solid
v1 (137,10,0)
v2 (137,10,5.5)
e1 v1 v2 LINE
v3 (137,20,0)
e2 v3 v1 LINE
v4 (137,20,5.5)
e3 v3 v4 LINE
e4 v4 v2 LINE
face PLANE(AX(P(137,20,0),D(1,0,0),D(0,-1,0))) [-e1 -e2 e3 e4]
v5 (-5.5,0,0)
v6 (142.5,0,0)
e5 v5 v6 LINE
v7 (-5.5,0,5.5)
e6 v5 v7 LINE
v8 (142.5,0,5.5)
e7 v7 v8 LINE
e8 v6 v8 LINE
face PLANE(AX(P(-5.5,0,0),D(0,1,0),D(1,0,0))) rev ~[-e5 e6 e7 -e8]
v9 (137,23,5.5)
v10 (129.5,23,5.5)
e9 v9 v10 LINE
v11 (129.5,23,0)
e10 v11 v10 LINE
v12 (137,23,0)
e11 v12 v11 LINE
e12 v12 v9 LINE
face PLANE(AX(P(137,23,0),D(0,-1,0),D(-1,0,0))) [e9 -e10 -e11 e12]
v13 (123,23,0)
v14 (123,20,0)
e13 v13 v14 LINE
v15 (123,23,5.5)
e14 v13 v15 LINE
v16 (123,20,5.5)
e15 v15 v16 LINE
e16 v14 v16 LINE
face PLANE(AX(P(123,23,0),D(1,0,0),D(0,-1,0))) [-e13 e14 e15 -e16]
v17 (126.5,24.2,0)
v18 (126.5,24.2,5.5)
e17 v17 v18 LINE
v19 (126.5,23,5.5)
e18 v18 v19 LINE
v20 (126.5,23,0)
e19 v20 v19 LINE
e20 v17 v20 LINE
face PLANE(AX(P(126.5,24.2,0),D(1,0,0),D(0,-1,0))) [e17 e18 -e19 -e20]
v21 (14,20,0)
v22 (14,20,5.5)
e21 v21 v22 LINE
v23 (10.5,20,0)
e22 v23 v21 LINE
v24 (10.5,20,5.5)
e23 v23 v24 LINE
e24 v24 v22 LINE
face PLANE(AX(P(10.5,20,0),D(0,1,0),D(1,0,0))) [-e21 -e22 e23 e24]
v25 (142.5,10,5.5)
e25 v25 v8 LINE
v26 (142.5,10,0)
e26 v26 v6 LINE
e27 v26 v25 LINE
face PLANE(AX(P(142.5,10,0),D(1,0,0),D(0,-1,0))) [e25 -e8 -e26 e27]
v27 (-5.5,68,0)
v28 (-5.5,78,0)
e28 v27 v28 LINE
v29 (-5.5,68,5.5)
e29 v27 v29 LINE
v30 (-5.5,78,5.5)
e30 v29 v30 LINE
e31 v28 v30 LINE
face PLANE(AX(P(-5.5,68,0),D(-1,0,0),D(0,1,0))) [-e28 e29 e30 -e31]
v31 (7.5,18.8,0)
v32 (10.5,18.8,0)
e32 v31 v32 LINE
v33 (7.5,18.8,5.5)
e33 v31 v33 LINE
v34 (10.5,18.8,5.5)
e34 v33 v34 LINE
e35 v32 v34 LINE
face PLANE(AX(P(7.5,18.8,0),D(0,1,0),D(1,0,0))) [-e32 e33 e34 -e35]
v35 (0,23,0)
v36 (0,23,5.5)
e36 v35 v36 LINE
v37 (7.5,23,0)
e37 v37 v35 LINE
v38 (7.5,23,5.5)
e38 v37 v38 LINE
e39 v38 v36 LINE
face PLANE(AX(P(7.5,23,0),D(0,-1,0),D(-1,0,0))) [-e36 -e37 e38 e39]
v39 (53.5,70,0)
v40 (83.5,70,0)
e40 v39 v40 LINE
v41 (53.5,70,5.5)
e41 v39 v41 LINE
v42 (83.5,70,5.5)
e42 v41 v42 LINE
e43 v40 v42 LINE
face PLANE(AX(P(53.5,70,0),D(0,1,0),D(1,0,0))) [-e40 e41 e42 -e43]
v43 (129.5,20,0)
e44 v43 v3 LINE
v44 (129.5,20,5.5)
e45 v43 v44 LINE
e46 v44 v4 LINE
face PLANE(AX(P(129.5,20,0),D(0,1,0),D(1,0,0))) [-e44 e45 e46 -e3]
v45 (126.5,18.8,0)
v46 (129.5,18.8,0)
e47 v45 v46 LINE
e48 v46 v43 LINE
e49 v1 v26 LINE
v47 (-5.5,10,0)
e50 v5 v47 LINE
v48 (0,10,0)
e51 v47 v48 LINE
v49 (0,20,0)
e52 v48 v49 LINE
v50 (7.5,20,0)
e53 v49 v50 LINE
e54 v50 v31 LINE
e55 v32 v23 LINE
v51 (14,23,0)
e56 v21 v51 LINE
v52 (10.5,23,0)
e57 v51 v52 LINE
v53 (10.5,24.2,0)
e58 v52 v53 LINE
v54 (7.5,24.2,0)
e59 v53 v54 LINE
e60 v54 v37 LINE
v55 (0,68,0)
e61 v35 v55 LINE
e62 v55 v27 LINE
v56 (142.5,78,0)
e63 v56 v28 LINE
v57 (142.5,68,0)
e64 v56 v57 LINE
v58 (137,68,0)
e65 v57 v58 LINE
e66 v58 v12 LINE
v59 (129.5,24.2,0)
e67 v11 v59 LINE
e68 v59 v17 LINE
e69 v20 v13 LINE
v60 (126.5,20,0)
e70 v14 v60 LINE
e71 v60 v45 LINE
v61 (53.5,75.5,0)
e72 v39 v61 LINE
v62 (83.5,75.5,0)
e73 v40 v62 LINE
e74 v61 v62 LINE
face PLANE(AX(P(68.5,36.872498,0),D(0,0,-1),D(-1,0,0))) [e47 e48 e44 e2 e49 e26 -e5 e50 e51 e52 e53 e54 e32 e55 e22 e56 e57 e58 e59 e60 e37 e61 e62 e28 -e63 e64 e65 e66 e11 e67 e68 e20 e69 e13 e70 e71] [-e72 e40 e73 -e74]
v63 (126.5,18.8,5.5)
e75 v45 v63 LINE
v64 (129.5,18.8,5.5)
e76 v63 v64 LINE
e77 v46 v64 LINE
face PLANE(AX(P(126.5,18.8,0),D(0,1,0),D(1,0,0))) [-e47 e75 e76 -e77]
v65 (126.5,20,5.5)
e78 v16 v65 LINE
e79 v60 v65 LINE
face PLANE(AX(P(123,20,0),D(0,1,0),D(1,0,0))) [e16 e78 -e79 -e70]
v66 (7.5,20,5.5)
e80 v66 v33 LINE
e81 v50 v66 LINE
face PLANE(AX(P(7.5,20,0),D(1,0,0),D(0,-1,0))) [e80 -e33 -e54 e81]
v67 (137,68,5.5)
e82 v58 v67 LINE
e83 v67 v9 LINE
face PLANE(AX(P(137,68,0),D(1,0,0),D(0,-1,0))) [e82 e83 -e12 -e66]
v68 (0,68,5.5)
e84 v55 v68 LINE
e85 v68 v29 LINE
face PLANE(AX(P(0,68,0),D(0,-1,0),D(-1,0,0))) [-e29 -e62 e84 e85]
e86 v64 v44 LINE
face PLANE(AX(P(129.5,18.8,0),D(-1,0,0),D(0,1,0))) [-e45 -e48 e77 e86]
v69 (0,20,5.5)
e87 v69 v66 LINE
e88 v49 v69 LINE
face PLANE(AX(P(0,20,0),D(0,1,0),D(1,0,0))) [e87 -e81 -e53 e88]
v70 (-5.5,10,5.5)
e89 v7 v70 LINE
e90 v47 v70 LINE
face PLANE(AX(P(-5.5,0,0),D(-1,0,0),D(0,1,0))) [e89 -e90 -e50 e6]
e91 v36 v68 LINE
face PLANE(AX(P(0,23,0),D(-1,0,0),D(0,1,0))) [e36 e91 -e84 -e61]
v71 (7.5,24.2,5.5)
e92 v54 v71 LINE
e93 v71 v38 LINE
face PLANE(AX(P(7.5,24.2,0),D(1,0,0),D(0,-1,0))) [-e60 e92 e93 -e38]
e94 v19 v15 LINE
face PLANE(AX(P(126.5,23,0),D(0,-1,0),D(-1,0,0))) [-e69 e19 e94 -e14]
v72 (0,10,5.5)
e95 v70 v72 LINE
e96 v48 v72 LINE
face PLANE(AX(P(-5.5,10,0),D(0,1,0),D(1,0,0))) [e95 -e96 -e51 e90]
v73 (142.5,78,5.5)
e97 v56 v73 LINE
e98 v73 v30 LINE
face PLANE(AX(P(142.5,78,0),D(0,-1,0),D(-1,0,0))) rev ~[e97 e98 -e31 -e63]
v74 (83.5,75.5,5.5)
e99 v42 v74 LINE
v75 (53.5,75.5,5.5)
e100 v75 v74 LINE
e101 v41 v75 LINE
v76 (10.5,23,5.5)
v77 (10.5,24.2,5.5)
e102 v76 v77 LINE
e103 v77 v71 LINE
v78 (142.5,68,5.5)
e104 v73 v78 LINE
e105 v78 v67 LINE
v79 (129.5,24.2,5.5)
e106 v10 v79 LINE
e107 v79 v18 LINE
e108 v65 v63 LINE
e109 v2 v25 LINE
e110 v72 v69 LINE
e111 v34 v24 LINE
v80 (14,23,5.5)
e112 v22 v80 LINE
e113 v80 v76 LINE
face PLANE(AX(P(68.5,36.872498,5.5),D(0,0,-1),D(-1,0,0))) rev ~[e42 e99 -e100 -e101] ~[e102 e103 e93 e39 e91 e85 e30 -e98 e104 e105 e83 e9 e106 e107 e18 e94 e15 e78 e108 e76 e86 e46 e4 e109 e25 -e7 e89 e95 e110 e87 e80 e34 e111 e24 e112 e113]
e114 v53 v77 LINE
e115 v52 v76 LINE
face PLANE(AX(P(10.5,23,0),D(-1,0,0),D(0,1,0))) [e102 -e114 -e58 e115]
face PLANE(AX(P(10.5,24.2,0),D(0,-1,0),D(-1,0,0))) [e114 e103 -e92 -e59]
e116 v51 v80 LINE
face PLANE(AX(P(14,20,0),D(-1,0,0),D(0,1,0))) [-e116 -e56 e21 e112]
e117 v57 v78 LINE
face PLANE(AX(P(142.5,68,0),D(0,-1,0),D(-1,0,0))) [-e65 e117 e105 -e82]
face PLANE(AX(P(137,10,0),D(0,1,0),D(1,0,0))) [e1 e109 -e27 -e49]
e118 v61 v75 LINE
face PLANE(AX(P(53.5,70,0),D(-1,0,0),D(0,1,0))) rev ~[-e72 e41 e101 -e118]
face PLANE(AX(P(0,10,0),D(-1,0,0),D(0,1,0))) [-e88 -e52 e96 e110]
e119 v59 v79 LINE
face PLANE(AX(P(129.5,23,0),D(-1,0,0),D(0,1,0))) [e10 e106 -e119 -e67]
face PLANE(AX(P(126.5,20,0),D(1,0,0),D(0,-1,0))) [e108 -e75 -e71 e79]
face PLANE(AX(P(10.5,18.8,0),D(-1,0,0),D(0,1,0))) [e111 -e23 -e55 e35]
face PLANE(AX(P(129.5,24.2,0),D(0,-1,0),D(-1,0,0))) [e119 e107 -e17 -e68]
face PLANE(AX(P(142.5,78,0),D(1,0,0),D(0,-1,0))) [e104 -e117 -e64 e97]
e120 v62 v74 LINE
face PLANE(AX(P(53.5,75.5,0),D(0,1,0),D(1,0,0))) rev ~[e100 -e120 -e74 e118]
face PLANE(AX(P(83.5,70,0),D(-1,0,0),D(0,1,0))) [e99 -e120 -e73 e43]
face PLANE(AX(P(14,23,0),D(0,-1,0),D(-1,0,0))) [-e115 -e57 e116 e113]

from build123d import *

# Parameters (mm, degrees)
SKETCH1_W           = 30
SKETCH1_H           = 5.5
BOSS_EXTRUDE1_DEPTH = 5.5


with BuildPart() as part:
    # Sketch1 → Boss-Extrude1 (new body)
    with BuildSketch(Plane.XY):
        Polygon((0, 23), (0, 68), (-5.5, 68), (-5.5, 78), (0, 78), (137, 78), (142.5, 78), (142.5, 68), (137, 68), (137, 23), (129.5, 23), (129.5, 24.2), (126.5, 24.2), (126.5, 23), (123, 23), (123, 20), (126.5, 20), (126.5, 18.8), (129.5, 18.8), (129.5, 20), (137, 20), (137, 10), (142.5, 10), (142.5, 0), (137, 0), (0, 0), (-5.5, 0), (-5.5, 10), (0, 10), (0, 20), (7.5, 20), (7.5, 18.8), (10.5, 18.8), (10.5, 20), (14, 20), (14, 23), (10.5, 23), (10.5, 24.2), (7.5, 24.2), (7.5, 23), align=None)
        with Locations((68.5, 72.75)):
            Rectangle(SKETCH1_W, SKETCH1_H, mode=Mode.SUBTRACT)
    extrude(amount=BOSS_EXTRUDE1_DEPTH)


solid = part.part
